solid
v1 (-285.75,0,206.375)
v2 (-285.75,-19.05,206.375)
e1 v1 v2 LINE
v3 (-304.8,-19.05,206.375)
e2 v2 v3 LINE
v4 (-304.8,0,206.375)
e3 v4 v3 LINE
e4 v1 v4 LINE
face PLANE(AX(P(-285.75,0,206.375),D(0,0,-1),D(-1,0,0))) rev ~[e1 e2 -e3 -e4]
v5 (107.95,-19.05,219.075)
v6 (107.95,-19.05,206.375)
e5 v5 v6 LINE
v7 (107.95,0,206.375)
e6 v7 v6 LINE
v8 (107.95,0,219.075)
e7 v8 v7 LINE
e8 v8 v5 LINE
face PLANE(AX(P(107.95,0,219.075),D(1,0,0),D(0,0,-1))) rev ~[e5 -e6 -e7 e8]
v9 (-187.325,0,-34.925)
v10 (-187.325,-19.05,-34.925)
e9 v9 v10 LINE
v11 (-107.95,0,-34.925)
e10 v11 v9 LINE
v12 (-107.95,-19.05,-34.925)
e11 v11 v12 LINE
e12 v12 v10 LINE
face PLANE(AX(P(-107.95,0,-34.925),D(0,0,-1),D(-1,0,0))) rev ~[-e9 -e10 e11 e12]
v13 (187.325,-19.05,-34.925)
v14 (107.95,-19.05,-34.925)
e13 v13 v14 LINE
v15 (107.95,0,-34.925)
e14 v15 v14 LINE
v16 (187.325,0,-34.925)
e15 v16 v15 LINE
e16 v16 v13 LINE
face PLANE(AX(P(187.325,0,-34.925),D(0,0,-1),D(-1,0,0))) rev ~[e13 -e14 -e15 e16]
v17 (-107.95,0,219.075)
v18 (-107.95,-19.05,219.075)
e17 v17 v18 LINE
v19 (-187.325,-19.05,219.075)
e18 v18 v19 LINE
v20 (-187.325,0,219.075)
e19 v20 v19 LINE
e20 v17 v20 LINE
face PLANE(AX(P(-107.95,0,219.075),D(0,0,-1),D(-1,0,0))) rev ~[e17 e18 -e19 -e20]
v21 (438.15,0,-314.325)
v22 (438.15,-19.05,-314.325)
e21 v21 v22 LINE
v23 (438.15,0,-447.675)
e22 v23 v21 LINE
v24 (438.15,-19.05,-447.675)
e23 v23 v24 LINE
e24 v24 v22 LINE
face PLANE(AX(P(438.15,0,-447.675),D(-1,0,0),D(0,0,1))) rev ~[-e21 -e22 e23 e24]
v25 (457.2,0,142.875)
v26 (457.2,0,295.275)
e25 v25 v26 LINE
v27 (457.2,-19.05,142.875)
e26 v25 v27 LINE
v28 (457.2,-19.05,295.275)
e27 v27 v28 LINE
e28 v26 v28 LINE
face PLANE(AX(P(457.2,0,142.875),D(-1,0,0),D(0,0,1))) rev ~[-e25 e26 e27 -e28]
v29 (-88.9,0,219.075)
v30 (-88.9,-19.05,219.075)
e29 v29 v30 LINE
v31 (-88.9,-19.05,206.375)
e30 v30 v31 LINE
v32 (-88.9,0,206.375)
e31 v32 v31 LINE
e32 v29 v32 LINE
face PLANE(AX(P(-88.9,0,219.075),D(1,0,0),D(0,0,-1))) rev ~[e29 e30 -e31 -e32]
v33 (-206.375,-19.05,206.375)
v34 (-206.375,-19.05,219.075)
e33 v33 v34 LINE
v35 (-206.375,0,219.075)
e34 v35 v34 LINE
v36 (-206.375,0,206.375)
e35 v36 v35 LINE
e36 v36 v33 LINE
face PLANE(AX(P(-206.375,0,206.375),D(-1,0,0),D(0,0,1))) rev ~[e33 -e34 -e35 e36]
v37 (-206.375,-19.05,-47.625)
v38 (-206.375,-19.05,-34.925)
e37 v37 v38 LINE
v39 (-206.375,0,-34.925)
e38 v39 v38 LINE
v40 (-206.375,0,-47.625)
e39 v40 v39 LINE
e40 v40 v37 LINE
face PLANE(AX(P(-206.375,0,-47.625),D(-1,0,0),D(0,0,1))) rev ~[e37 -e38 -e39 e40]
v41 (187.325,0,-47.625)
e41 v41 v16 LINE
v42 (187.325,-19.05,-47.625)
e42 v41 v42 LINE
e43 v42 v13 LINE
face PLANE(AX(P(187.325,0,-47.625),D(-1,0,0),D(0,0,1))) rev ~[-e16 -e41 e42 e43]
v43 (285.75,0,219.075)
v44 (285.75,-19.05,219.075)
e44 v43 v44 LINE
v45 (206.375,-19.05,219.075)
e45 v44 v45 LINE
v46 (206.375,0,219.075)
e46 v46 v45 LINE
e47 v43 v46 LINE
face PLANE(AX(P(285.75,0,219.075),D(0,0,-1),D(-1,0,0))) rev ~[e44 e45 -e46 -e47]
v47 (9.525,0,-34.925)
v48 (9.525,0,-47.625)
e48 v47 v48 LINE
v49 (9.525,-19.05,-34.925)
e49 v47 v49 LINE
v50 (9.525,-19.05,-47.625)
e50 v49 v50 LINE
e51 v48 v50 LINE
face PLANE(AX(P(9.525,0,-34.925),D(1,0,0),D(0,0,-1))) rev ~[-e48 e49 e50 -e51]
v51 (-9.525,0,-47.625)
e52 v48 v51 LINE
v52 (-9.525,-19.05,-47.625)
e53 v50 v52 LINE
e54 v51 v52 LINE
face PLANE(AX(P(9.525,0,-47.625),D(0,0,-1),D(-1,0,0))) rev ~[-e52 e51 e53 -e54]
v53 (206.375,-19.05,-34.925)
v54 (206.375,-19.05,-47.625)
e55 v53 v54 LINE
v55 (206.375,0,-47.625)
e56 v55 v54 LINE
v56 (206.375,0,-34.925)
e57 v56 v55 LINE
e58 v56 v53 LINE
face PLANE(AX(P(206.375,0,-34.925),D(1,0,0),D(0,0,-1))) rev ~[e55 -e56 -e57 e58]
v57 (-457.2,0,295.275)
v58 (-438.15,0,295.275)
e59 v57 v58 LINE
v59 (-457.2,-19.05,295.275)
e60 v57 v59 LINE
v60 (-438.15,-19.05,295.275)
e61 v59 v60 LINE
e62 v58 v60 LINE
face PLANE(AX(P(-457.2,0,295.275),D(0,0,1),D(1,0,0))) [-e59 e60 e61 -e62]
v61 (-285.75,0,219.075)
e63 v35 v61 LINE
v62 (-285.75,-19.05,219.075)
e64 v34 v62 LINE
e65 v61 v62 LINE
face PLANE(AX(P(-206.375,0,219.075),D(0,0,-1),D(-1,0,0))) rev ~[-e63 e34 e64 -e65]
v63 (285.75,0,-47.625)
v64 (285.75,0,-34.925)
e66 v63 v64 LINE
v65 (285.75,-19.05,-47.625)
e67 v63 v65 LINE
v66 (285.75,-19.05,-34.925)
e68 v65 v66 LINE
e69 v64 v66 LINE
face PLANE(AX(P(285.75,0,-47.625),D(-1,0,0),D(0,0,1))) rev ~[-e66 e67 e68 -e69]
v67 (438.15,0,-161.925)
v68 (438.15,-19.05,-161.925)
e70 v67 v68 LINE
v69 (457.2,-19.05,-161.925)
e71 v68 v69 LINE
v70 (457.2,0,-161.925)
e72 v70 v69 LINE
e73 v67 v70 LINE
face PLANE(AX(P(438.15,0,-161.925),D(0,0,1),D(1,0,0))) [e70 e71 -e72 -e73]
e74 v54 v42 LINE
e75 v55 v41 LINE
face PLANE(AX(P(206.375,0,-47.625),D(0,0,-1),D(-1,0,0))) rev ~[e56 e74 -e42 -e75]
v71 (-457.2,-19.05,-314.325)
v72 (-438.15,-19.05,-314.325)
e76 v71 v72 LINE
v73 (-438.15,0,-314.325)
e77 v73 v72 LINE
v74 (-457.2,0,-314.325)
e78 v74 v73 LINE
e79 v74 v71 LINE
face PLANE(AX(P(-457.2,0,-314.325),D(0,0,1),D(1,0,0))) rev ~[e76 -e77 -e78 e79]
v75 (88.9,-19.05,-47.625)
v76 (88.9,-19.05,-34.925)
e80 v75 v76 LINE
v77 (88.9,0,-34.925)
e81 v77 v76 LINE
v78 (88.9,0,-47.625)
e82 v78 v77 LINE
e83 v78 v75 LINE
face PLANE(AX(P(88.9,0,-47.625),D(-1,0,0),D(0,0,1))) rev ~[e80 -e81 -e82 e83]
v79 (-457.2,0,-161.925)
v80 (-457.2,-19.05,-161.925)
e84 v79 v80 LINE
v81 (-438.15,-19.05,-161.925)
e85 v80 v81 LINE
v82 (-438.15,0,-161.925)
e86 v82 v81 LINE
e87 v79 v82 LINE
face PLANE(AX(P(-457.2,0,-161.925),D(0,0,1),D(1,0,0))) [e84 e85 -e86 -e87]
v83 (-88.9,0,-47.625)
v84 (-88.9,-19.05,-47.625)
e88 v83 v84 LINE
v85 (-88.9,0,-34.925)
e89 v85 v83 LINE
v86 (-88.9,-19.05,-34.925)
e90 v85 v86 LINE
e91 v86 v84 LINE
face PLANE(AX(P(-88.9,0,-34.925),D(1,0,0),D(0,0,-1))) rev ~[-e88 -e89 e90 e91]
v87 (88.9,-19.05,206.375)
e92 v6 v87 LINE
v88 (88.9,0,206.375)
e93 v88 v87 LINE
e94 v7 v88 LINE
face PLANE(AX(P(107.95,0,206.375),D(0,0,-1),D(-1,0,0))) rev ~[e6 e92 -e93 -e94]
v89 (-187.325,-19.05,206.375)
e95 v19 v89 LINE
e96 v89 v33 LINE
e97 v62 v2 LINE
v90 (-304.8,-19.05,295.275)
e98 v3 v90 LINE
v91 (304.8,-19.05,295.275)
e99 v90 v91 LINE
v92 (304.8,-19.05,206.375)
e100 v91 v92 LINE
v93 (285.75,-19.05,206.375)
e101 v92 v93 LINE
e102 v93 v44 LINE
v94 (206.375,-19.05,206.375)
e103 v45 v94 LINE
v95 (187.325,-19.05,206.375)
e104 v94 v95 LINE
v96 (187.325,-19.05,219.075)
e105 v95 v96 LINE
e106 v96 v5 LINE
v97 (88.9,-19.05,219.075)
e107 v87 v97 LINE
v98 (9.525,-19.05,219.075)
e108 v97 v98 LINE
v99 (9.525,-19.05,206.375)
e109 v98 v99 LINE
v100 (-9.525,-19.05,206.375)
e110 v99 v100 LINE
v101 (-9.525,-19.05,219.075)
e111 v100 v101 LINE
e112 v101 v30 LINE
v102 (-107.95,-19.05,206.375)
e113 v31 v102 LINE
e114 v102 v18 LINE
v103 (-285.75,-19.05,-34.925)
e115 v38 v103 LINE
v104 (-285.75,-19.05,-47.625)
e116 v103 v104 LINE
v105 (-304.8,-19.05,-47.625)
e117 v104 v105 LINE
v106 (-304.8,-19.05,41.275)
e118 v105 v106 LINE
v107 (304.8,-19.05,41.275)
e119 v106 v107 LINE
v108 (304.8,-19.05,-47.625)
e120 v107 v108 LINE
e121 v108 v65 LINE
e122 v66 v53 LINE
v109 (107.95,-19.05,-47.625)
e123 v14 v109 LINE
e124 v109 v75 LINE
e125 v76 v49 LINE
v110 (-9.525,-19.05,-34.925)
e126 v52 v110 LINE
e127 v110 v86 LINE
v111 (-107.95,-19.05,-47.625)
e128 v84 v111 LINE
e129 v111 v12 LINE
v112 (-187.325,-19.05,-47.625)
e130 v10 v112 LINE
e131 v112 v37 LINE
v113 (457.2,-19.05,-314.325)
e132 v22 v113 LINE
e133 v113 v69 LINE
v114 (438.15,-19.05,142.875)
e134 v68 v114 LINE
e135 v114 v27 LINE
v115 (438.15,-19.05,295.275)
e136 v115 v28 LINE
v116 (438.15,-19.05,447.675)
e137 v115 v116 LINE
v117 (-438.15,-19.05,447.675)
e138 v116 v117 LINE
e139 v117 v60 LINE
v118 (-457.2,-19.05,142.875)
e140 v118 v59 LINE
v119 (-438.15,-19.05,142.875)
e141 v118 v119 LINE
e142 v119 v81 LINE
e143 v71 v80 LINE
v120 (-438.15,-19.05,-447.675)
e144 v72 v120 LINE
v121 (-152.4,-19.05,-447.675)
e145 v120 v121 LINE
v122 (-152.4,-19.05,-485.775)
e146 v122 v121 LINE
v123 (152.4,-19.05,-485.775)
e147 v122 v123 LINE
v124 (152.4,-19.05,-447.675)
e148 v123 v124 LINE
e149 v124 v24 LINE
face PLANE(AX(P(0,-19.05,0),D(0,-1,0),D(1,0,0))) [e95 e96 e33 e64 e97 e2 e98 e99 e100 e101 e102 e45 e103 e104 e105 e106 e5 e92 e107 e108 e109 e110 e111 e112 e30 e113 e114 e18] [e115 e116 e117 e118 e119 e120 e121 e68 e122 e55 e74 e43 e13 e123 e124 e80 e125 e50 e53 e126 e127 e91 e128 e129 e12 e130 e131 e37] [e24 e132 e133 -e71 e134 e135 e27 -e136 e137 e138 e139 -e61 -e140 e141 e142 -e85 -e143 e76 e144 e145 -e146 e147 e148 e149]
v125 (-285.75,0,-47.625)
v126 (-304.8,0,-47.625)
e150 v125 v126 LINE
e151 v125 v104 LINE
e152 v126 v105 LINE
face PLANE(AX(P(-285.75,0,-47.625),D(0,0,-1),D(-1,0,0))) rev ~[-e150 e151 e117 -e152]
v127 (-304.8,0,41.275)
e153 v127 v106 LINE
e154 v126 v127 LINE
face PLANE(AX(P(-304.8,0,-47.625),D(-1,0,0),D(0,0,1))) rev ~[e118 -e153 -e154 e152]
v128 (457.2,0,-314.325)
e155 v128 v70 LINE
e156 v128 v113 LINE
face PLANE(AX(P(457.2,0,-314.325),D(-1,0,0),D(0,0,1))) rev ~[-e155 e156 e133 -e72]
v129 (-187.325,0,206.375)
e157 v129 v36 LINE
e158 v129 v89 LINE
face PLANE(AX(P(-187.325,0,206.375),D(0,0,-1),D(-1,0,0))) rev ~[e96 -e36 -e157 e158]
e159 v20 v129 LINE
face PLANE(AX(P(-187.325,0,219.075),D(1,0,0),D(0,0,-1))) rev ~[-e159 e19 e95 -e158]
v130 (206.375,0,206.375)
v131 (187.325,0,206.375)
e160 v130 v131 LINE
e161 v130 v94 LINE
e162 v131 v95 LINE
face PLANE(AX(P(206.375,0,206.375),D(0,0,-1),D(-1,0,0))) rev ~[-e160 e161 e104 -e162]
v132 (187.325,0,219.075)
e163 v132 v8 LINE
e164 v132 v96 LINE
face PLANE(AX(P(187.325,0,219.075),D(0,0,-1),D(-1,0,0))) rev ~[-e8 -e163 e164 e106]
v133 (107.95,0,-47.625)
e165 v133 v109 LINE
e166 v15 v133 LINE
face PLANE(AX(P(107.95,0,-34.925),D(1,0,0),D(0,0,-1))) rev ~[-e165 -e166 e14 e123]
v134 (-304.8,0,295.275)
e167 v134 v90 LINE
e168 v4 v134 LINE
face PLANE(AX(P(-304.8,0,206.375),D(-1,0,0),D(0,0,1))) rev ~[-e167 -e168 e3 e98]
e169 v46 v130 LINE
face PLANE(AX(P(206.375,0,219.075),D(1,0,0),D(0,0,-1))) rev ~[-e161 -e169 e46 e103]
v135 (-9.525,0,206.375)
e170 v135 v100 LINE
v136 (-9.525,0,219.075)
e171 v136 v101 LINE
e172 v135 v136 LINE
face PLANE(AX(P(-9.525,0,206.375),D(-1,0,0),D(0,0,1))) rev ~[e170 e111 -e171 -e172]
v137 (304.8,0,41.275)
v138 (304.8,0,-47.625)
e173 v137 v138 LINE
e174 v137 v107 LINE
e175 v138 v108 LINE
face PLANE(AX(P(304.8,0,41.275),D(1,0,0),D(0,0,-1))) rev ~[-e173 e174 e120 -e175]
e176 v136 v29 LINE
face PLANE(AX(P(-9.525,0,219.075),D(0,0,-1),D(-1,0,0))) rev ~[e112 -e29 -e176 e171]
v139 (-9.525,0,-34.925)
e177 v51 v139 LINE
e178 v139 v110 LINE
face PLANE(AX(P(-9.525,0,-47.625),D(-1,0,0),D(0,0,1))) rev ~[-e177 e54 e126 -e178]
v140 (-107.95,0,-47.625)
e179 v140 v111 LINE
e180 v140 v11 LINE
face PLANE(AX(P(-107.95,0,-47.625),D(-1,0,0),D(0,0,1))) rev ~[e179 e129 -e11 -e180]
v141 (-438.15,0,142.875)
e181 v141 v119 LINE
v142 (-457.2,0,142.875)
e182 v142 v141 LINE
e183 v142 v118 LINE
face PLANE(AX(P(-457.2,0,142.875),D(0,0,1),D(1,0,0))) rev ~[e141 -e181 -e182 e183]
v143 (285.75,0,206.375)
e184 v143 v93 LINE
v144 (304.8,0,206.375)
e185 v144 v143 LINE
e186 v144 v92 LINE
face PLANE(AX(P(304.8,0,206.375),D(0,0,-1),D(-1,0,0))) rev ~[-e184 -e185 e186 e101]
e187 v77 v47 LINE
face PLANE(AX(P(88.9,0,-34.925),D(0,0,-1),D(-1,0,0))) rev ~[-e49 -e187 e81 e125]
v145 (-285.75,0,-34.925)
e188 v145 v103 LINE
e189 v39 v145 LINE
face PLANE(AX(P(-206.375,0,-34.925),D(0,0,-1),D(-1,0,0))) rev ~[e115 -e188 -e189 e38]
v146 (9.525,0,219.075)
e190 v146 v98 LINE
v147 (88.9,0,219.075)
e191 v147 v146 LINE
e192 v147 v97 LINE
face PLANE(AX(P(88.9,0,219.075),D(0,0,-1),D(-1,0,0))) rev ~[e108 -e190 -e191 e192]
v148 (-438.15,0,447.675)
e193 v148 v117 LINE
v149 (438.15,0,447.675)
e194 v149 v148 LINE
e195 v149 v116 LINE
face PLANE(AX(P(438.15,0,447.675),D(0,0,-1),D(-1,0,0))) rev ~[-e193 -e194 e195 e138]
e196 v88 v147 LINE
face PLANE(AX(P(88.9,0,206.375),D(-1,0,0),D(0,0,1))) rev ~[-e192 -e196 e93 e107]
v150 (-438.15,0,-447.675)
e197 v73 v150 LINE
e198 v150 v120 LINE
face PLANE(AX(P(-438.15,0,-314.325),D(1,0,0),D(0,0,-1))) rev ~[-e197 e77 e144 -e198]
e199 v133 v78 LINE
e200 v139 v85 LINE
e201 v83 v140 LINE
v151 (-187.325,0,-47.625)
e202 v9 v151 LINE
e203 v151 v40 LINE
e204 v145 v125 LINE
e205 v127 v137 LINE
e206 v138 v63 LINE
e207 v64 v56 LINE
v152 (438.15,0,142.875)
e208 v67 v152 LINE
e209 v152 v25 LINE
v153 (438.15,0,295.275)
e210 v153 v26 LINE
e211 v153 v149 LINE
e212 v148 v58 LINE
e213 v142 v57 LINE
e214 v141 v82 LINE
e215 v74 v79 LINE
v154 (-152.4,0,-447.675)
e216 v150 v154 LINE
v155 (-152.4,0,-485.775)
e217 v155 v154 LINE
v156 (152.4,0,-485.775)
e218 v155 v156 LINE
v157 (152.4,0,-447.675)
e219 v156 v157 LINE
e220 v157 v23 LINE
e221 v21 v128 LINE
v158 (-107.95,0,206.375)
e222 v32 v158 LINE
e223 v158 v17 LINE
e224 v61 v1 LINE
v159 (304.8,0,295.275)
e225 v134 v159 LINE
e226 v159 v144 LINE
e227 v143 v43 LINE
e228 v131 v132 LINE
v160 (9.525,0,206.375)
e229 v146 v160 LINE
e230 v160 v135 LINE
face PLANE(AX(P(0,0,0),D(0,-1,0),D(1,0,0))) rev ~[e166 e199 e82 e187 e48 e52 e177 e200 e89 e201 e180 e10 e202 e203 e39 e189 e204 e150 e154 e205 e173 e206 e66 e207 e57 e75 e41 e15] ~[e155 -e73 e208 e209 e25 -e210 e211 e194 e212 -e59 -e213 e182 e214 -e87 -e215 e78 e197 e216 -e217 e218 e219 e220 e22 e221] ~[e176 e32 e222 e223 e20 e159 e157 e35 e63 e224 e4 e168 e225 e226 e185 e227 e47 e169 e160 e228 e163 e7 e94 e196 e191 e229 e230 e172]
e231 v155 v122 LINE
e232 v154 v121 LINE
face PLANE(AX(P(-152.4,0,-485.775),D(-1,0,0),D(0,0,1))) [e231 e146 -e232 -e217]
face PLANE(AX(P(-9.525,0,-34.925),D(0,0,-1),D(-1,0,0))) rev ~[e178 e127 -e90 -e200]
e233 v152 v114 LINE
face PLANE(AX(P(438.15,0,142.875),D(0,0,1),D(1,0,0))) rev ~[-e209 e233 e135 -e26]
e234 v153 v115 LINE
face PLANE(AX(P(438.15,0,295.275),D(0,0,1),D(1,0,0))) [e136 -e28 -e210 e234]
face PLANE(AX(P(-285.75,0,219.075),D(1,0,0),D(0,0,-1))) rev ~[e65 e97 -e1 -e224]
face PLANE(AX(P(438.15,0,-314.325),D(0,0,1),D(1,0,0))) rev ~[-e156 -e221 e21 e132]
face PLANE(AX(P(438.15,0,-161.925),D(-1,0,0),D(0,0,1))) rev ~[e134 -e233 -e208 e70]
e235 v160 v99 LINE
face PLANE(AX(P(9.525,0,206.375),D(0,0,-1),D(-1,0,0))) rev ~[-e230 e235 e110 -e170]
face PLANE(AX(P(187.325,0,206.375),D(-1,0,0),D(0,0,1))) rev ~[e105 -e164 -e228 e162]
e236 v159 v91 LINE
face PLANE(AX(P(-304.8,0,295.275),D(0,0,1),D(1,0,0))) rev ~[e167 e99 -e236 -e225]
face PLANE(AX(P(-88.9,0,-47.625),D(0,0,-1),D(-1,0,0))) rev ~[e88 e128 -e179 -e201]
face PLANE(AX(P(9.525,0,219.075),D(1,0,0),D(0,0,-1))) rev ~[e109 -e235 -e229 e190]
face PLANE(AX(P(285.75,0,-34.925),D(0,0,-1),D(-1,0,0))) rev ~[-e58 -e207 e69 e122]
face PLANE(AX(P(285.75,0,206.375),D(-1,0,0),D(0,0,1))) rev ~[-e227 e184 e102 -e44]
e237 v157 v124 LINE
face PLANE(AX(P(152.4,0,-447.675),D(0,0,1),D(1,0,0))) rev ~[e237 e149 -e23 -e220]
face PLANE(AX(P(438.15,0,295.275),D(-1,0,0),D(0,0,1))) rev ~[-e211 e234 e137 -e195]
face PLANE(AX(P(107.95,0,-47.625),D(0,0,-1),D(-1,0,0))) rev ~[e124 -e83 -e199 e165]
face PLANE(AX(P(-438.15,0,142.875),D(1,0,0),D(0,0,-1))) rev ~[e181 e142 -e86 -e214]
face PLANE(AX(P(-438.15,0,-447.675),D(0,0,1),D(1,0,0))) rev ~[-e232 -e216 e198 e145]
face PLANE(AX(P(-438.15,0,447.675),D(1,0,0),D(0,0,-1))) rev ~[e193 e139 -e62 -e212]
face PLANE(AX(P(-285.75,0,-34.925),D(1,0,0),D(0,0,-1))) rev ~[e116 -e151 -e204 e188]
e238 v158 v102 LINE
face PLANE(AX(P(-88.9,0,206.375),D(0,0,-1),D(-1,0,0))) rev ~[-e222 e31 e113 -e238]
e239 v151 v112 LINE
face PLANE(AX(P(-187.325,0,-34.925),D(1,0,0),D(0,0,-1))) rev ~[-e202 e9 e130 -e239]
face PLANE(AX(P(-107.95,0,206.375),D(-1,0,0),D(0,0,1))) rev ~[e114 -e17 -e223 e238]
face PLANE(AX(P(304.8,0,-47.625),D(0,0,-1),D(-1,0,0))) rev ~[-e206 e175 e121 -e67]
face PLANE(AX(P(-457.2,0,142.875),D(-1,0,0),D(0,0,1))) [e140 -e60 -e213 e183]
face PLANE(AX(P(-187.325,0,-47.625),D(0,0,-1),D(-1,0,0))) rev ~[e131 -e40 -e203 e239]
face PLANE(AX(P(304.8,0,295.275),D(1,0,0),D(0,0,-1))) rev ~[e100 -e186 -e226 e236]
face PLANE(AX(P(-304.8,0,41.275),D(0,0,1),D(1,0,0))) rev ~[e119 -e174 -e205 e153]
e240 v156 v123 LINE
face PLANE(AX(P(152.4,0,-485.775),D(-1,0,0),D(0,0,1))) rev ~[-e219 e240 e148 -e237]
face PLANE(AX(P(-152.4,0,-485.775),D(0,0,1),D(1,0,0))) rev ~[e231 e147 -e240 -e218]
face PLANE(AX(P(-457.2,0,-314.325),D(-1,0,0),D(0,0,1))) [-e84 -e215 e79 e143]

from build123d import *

# Parameters (mm, degrees)
F0_W     = 19.05
F0_H     = 152.4
F0_W_2   = 304.8
F0_H_2   = 38.1
F1_DEPTH = 19.05


with BuildPart() as f1:
    # F0 (on Front) → F1 (new body)
    with BuildSketch(Plane.XZ):
        Polygon((-438.15, -314.325), (-438.15, -447.675), (-152.4, -447.675), (152.4, -447.675), (438.15, -447.675), (438.15, -314.325), (438.15, -161.925), (438.15, 142.875), (438.15, 295.275), (438.15, 447.675), (-438.15, 447.675), (-438.15, 295.275), (-438.15, 142.875), (-438.15, -161.925), align=None)
        Polygon((-304.8, -47.625), (-304.8, -34.925), (-304.8, 41.275), (304.8, 41.275), (304.8, -34.925), (304.8, -47.625), (285.75, -47.625), (285.75, -34.925), (206.375, -34.925), (206.375, -47.625), (187.325, -47.625), (187.325, -34.925), (107.95, -34.925), (107.95, -47.625), (88.9, -47.625), (88.9, -34.925), (9.525, -34.925), (9.525, -47.625), (-9.525, -47.625), (-9.525, -34.925), (-88.9, -34.925), (-88.9, -47.625), (-107.95, -47.625), (-107.95, -34.925), (-187.325, -34.925), (-187.325, -47.625), (-206.375, -47.625), (-206.375, -34.925), (-285.75, -34.925), (-285.75, -47.625), align=None, mode=Mode.SUBTRACT)
        Polygon((-304.8, 295.275), (304.8, 295.275), (304.8, 219.075), (304.8, 206.375), (285.75, 206.375), (285.75, 219.075), (206.375, 219.075), (206.375, 206.375), (187.325, 206.375), (187.325, 219.075), (107.95, 219.075), (107.95, 206.375), (88.9, 206.375), (88.9, 219.075), (9.525, 219.075), (9.525, 206.375), (-9.525, 206.375), (-9.525, 219.075), (-88.9, 219.075), (-88.9, 206.375), (-107.95, 206.375), (-107.95, 219.075), (-187.325, 219.075), (-187.325, 206.375), (-206.375, 206.375), (-206.375, 219.075), (-285.75, 219.075), (-285.75, 206.375), (-304.8, 206.375), (-304.8, 219.075), align=None, mode=Mode.SUBTRACT)
        with Locations((-447.675, 219.075)):
            Rectangle(F0_W, F0_H)
        with Locations((-447.675, -238.125)):
            Rectangle(F0_W, F0_H)
        with Locations((0, -466.725)):
            Rectangle(F0_W_2, F0_H_2)
        with Locations((447.675, 219.075)):
            Rectangle(F0_W, F0_H)
        with Locations((447.675, -238.125)):
            Rectangle(F0_W, F0_H)
    extrude(amount=F1_DEPTH)


solid = f1.part
